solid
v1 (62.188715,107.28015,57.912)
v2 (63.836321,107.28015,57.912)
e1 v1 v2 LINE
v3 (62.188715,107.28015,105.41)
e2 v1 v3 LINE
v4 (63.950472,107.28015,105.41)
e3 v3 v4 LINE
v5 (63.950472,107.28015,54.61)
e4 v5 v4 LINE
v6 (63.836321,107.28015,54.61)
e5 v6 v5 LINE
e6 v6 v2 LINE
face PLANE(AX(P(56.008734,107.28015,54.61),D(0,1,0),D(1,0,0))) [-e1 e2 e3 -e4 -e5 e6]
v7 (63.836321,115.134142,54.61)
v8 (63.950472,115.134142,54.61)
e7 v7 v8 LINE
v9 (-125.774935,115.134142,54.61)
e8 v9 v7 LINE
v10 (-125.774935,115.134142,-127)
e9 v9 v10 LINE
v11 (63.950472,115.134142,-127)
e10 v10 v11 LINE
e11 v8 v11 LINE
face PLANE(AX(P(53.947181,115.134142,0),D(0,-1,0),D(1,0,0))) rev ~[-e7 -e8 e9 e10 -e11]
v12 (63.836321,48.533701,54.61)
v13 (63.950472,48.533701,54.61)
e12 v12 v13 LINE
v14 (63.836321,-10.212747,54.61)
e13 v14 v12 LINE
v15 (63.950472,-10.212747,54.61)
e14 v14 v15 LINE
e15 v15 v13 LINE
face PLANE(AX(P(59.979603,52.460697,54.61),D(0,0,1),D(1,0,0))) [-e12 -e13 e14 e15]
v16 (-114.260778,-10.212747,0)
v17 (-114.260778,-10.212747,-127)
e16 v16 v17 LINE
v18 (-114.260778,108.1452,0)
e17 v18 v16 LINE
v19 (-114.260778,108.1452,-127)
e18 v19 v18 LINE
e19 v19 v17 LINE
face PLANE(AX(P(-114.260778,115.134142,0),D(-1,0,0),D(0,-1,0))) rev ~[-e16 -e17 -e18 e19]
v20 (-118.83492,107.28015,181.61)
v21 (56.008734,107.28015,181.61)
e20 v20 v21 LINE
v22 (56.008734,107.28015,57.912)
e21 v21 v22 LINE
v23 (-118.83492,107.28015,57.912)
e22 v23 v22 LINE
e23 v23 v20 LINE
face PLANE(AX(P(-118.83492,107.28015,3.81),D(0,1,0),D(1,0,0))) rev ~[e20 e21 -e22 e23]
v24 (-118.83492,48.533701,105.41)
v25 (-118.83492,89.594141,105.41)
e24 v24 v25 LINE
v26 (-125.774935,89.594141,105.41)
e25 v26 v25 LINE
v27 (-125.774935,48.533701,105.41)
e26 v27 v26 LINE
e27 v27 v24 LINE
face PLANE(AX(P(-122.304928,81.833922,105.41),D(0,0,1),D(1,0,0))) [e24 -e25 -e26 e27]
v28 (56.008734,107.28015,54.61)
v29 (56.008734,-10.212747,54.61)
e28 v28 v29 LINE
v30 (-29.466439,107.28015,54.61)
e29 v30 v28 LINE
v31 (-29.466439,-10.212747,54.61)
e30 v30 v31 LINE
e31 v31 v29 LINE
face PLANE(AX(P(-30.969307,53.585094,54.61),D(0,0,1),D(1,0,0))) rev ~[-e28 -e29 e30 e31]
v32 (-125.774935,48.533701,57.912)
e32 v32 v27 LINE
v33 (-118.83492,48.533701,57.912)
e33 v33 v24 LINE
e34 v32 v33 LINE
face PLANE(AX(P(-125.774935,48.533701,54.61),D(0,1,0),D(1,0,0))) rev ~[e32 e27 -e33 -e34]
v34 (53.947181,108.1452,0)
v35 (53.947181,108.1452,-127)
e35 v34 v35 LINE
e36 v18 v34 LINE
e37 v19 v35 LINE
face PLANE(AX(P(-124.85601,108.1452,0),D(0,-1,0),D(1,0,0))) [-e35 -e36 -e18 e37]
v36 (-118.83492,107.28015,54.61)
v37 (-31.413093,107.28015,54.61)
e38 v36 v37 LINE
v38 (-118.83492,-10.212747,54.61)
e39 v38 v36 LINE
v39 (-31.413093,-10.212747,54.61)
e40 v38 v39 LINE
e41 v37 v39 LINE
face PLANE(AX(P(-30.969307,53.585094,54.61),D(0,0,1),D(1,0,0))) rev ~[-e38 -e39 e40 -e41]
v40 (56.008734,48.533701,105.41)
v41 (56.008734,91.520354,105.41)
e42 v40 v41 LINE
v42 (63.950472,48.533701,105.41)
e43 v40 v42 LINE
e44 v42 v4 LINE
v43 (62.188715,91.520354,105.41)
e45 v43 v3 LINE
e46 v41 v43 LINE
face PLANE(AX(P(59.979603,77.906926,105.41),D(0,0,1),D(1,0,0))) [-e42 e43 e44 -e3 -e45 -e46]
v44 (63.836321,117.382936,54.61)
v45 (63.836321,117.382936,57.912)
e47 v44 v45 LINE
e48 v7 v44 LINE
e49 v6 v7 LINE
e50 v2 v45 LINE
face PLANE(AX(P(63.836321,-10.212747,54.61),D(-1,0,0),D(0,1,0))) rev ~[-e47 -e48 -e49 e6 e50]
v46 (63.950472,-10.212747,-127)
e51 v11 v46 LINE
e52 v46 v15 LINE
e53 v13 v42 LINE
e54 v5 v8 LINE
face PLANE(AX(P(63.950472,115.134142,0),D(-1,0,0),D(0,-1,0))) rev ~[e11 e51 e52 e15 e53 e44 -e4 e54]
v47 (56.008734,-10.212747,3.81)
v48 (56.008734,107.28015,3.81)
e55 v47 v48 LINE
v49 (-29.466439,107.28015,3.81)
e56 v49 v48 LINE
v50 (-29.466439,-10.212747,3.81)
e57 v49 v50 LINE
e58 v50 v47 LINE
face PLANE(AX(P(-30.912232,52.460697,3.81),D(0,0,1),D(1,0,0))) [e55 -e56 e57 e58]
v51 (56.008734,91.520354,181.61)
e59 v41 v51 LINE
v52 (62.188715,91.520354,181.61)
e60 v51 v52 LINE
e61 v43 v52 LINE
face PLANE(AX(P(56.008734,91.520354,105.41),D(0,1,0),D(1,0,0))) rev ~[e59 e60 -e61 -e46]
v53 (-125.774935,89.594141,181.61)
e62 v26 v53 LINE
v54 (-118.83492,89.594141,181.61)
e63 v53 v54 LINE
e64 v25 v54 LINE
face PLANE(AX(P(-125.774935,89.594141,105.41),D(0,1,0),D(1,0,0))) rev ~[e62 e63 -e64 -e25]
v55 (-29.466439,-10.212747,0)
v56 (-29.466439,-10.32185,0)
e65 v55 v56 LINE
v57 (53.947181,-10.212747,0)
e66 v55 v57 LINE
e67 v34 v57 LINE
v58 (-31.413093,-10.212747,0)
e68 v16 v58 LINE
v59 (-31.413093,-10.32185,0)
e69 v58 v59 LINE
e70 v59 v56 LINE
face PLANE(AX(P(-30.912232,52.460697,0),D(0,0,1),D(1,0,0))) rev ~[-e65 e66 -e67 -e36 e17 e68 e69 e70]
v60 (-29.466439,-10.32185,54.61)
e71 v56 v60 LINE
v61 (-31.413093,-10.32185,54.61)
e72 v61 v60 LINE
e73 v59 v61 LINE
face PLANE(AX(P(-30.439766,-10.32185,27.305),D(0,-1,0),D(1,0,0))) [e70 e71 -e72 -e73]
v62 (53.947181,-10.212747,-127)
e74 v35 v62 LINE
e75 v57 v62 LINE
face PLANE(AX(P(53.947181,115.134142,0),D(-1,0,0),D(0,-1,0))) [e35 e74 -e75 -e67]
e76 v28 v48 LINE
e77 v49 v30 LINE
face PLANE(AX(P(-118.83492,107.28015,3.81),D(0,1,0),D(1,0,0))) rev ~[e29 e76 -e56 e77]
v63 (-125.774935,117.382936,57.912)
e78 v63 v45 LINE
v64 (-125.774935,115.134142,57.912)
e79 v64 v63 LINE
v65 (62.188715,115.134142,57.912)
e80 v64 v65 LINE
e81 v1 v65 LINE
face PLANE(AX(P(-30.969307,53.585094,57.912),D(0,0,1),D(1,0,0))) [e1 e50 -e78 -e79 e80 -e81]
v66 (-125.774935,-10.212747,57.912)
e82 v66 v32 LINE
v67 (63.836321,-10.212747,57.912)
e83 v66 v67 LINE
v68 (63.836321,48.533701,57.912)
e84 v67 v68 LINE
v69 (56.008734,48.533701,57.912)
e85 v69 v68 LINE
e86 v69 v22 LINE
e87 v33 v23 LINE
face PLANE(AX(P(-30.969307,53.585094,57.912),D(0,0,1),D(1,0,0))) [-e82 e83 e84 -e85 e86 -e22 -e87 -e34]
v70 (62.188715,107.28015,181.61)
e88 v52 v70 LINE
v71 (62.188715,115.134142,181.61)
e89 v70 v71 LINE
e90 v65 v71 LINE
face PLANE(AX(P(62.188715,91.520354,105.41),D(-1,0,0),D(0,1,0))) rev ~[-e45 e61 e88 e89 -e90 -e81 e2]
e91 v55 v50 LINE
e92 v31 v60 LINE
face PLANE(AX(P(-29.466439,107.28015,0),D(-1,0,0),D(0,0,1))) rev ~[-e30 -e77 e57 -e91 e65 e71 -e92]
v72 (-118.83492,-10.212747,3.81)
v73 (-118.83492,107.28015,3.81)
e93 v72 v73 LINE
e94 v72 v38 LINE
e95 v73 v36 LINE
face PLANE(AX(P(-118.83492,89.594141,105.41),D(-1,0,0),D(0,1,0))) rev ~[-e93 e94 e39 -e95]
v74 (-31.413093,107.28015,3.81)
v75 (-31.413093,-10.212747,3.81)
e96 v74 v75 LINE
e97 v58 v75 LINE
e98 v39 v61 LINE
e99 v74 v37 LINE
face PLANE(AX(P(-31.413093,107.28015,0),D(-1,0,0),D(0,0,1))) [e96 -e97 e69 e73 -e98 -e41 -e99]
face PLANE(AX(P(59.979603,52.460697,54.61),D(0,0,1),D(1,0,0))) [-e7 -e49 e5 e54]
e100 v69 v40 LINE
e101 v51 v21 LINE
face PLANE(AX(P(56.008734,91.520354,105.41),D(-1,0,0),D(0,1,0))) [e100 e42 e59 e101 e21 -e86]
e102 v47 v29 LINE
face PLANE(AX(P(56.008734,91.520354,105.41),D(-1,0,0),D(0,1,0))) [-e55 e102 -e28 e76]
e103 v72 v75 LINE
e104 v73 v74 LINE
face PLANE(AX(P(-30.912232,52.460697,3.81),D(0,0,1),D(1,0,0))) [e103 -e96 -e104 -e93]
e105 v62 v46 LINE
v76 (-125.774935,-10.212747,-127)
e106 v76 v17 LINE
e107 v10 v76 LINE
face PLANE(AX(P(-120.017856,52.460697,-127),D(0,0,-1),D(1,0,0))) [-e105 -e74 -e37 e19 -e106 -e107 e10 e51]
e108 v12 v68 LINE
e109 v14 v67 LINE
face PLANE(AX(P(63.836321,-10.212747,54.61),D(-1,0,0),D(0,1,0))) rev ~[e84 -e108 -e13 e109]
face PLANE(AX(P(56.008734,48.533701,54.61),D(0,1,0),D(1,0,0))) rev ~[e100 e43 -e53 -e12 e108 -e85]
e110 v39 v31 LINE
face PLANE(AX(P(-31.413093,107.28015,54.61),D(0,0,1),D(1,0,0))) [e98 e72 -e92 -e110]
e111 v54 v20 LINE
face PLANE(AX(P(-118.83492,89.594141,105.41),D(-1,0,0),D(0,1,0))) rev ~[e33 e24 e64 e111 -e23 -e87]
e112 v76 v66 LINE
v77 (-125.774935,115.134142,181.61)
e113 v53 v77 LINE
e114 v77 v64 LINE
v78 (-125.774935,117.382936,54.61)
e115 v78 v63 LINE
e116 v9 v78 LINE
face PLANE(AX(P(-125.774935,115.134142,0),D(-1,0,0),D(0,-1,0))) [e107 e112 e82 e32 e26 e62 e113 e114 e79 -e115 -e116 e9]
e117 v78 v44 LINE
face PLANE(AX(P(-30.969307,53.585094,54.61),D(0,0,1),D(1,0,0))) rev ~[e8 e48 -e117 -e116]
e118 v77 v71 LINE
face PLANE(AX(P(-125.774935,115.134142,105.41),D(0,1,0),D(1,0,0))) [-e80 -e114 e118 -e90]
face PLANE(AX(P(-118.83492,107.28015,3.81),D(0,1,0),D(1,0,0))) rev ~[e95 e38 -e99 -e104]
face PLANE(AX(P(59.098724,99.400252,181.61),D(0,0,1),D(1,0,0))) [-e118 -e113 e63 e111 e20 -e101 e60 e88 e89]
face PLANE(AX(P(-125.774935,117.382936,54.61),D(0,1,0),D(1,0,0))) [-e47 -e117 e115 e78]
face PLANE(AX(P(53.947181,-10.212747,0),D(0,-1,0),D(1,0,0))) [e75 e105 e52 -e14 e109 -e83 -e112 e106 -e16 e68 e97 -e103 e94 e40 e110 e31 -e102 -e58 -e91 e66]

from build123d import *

# Parameters (mm, degrees)
F0_W      = 189.7254064679
F0_H      = 125.3468897194
F1_DEPTH  = 3.81
F2_W      = 6.9400146604
F2_H      = 125.3468897194
F3_DEPTH  = 50.8
F4_W      = 7.941737771
F4_H      = 125.3468897194
F5_DEPTH  = 50.8
F6_W      = 181.0236349702
F6_H      = 7.8539922833
F7_DEPTH  = 177.8
F8_W      = 6.9400146604
F8_H      = 66.6004410014
F9_DEPTH  = 50.8
F10_W     = 6.9400146604
F10_H     = 25.5400016904
F11_DEPTH = 76.2
F12_W     = 7.941737771
F12_H     = 58.746448718
F13_DEPTH = 50.8
F14_W     = 6.1799809337
F14_H     = 15.7597959042
F15_DEPTH = 76.2
F16_W     = 189.6112561226
F16_H     = 127.5956835598
F17_DEPTH = 3.302
F18_W     = 1.9466541708
F18_H     = 54.61
F19_DEPTH = 117.602
F20_W     = 11.5141570568
F20_H     = 125.3468897194
F21_DEPTH = 127
F22_W     = 10.0032910705
F22_H     = 125.3468897194
F23_DEPTH = 127
F24_W     = 178.803190589
F24_H     = 6.9889426231
F25_DEPTH = 127


with BuildPart() as f1:
    # F0 (on Top) → F1 (new body)
    with BuildSketch(Plane.XY):
        with Locations((-30.9122316539, 52.4606974795)):
            Rectangle(F0_W, F0_H)
    extrude(amount=F1_DEPTH)

    # F2 (on face) → F3 (join)
    with BuildSketch(Plane.XY.offset(3.81)):
        with Locations((-122.3049275577, 52.4606974795)):
            Rectangle(F2_W, F2_H)
    extrude(amount=F3_DEPTH)

    # F4 (on face) → F5 (join)
    with BuildSketch(Plane.XY.offset(3.81)):
        with Locations((59.9796026945, 52.4606974795)):
            Rectangle(F4_W, F4_H)
    extrude(amount=F5_DEPTH)

    # F6 (on face) → F7 (join)
    with BuildSketch(Plane.XY.offset(3.81)):
        with Locations((-28.3231027424, 111.2071461976)):
            Rectangle(F6_W, F6_H)
    extrude(amount=F7_DEPTH)

    # F8 (on face) → F9 (join)
    with BuildSketch(Plane.XY.offset(54.61)):
        with Locations((-122.3049275577, 81.8339218386)):
            Rectangle(F8_W, F8_H)
    extrude(amount=F9_DEPTH)

    # F10 (on face) → F11 (join)
    with BuildSketch(Plane.XY.offset(105.41)):
        with Locations((-122.3049275577, 102.364141494)):
            Rectangle(F10_W, F10_H)
    extrude(amount=F11_DEPTH)

    # F12 (on face) → F13 (join)
    with BuildSketch(Plane.XY.offset(54.61)):
        with Locations((59.9796026945, 77.9069256969)):
            Rectangle(F12_W, F12_H)
    extrude(amount=F13_DEPTH)

    # F14 (on face) → F15 (join)
    with BuildSketch(Plane.XY.offset(105.41)):
        with Locations((59.0987242758, 99.4002521038)):
            Rectangle(F14_W, F14_H)
    extrude(amount=F15_DEPTH)

    # F16 (on face) → F17 (join)
    with BuildSketch(Plane.XY.offset(54.61)):
        with Locations((-30.9693068266, 53.5850943998)):
            Rectangle(F16_W, F16_H)
    extrude(amount=F17_DEPTH)

    # F18 (on face) → F19 (join)
    with BuildSketch(Plane.XZ.offset(-107.2801500559)):
        with Locations((-30.4397661239, 27.305)):
            Rectangle(F18_W, F18_H)
    extrude(amount=F19_DEPTH)

    # F20 (on face) → F21 (join)
    with BuildSketch(Plane(origin=(0, 0, 0), x_dir=(1, 0, 0), z_dir=(0, 0, -1))):
        with Locations((-120.0178563595, -52.4606974795)):
            Rectangle(F20_W, F20_H)
    extrude(amount=F21_DEPTH)

    # F22 (on face) → F23 (join)
    with BuildSketch(Plane(origin=(0, 0, 0), x_dir=(1, 0, 0), z_dir=(0, 0, -1))):
        with Locations((58.9488260448, -52.4606974795)):
            Rectangle(F22_W, F22_H)
    extrude(amount=F23_DEPTH)

    # F24 (on face) → F25 (join)
    with BuildSketch(Plane(origin=(0, 0, 0), x_dir=(1, 0, 0), z_dir=(0, 0, -1))):
        with Locations((-35.4544147849, -111.6396710277)):
            Rectangle(F24_W, F24_H)
    extrude(amount=F25_DEPTH)


solid = f1.part
